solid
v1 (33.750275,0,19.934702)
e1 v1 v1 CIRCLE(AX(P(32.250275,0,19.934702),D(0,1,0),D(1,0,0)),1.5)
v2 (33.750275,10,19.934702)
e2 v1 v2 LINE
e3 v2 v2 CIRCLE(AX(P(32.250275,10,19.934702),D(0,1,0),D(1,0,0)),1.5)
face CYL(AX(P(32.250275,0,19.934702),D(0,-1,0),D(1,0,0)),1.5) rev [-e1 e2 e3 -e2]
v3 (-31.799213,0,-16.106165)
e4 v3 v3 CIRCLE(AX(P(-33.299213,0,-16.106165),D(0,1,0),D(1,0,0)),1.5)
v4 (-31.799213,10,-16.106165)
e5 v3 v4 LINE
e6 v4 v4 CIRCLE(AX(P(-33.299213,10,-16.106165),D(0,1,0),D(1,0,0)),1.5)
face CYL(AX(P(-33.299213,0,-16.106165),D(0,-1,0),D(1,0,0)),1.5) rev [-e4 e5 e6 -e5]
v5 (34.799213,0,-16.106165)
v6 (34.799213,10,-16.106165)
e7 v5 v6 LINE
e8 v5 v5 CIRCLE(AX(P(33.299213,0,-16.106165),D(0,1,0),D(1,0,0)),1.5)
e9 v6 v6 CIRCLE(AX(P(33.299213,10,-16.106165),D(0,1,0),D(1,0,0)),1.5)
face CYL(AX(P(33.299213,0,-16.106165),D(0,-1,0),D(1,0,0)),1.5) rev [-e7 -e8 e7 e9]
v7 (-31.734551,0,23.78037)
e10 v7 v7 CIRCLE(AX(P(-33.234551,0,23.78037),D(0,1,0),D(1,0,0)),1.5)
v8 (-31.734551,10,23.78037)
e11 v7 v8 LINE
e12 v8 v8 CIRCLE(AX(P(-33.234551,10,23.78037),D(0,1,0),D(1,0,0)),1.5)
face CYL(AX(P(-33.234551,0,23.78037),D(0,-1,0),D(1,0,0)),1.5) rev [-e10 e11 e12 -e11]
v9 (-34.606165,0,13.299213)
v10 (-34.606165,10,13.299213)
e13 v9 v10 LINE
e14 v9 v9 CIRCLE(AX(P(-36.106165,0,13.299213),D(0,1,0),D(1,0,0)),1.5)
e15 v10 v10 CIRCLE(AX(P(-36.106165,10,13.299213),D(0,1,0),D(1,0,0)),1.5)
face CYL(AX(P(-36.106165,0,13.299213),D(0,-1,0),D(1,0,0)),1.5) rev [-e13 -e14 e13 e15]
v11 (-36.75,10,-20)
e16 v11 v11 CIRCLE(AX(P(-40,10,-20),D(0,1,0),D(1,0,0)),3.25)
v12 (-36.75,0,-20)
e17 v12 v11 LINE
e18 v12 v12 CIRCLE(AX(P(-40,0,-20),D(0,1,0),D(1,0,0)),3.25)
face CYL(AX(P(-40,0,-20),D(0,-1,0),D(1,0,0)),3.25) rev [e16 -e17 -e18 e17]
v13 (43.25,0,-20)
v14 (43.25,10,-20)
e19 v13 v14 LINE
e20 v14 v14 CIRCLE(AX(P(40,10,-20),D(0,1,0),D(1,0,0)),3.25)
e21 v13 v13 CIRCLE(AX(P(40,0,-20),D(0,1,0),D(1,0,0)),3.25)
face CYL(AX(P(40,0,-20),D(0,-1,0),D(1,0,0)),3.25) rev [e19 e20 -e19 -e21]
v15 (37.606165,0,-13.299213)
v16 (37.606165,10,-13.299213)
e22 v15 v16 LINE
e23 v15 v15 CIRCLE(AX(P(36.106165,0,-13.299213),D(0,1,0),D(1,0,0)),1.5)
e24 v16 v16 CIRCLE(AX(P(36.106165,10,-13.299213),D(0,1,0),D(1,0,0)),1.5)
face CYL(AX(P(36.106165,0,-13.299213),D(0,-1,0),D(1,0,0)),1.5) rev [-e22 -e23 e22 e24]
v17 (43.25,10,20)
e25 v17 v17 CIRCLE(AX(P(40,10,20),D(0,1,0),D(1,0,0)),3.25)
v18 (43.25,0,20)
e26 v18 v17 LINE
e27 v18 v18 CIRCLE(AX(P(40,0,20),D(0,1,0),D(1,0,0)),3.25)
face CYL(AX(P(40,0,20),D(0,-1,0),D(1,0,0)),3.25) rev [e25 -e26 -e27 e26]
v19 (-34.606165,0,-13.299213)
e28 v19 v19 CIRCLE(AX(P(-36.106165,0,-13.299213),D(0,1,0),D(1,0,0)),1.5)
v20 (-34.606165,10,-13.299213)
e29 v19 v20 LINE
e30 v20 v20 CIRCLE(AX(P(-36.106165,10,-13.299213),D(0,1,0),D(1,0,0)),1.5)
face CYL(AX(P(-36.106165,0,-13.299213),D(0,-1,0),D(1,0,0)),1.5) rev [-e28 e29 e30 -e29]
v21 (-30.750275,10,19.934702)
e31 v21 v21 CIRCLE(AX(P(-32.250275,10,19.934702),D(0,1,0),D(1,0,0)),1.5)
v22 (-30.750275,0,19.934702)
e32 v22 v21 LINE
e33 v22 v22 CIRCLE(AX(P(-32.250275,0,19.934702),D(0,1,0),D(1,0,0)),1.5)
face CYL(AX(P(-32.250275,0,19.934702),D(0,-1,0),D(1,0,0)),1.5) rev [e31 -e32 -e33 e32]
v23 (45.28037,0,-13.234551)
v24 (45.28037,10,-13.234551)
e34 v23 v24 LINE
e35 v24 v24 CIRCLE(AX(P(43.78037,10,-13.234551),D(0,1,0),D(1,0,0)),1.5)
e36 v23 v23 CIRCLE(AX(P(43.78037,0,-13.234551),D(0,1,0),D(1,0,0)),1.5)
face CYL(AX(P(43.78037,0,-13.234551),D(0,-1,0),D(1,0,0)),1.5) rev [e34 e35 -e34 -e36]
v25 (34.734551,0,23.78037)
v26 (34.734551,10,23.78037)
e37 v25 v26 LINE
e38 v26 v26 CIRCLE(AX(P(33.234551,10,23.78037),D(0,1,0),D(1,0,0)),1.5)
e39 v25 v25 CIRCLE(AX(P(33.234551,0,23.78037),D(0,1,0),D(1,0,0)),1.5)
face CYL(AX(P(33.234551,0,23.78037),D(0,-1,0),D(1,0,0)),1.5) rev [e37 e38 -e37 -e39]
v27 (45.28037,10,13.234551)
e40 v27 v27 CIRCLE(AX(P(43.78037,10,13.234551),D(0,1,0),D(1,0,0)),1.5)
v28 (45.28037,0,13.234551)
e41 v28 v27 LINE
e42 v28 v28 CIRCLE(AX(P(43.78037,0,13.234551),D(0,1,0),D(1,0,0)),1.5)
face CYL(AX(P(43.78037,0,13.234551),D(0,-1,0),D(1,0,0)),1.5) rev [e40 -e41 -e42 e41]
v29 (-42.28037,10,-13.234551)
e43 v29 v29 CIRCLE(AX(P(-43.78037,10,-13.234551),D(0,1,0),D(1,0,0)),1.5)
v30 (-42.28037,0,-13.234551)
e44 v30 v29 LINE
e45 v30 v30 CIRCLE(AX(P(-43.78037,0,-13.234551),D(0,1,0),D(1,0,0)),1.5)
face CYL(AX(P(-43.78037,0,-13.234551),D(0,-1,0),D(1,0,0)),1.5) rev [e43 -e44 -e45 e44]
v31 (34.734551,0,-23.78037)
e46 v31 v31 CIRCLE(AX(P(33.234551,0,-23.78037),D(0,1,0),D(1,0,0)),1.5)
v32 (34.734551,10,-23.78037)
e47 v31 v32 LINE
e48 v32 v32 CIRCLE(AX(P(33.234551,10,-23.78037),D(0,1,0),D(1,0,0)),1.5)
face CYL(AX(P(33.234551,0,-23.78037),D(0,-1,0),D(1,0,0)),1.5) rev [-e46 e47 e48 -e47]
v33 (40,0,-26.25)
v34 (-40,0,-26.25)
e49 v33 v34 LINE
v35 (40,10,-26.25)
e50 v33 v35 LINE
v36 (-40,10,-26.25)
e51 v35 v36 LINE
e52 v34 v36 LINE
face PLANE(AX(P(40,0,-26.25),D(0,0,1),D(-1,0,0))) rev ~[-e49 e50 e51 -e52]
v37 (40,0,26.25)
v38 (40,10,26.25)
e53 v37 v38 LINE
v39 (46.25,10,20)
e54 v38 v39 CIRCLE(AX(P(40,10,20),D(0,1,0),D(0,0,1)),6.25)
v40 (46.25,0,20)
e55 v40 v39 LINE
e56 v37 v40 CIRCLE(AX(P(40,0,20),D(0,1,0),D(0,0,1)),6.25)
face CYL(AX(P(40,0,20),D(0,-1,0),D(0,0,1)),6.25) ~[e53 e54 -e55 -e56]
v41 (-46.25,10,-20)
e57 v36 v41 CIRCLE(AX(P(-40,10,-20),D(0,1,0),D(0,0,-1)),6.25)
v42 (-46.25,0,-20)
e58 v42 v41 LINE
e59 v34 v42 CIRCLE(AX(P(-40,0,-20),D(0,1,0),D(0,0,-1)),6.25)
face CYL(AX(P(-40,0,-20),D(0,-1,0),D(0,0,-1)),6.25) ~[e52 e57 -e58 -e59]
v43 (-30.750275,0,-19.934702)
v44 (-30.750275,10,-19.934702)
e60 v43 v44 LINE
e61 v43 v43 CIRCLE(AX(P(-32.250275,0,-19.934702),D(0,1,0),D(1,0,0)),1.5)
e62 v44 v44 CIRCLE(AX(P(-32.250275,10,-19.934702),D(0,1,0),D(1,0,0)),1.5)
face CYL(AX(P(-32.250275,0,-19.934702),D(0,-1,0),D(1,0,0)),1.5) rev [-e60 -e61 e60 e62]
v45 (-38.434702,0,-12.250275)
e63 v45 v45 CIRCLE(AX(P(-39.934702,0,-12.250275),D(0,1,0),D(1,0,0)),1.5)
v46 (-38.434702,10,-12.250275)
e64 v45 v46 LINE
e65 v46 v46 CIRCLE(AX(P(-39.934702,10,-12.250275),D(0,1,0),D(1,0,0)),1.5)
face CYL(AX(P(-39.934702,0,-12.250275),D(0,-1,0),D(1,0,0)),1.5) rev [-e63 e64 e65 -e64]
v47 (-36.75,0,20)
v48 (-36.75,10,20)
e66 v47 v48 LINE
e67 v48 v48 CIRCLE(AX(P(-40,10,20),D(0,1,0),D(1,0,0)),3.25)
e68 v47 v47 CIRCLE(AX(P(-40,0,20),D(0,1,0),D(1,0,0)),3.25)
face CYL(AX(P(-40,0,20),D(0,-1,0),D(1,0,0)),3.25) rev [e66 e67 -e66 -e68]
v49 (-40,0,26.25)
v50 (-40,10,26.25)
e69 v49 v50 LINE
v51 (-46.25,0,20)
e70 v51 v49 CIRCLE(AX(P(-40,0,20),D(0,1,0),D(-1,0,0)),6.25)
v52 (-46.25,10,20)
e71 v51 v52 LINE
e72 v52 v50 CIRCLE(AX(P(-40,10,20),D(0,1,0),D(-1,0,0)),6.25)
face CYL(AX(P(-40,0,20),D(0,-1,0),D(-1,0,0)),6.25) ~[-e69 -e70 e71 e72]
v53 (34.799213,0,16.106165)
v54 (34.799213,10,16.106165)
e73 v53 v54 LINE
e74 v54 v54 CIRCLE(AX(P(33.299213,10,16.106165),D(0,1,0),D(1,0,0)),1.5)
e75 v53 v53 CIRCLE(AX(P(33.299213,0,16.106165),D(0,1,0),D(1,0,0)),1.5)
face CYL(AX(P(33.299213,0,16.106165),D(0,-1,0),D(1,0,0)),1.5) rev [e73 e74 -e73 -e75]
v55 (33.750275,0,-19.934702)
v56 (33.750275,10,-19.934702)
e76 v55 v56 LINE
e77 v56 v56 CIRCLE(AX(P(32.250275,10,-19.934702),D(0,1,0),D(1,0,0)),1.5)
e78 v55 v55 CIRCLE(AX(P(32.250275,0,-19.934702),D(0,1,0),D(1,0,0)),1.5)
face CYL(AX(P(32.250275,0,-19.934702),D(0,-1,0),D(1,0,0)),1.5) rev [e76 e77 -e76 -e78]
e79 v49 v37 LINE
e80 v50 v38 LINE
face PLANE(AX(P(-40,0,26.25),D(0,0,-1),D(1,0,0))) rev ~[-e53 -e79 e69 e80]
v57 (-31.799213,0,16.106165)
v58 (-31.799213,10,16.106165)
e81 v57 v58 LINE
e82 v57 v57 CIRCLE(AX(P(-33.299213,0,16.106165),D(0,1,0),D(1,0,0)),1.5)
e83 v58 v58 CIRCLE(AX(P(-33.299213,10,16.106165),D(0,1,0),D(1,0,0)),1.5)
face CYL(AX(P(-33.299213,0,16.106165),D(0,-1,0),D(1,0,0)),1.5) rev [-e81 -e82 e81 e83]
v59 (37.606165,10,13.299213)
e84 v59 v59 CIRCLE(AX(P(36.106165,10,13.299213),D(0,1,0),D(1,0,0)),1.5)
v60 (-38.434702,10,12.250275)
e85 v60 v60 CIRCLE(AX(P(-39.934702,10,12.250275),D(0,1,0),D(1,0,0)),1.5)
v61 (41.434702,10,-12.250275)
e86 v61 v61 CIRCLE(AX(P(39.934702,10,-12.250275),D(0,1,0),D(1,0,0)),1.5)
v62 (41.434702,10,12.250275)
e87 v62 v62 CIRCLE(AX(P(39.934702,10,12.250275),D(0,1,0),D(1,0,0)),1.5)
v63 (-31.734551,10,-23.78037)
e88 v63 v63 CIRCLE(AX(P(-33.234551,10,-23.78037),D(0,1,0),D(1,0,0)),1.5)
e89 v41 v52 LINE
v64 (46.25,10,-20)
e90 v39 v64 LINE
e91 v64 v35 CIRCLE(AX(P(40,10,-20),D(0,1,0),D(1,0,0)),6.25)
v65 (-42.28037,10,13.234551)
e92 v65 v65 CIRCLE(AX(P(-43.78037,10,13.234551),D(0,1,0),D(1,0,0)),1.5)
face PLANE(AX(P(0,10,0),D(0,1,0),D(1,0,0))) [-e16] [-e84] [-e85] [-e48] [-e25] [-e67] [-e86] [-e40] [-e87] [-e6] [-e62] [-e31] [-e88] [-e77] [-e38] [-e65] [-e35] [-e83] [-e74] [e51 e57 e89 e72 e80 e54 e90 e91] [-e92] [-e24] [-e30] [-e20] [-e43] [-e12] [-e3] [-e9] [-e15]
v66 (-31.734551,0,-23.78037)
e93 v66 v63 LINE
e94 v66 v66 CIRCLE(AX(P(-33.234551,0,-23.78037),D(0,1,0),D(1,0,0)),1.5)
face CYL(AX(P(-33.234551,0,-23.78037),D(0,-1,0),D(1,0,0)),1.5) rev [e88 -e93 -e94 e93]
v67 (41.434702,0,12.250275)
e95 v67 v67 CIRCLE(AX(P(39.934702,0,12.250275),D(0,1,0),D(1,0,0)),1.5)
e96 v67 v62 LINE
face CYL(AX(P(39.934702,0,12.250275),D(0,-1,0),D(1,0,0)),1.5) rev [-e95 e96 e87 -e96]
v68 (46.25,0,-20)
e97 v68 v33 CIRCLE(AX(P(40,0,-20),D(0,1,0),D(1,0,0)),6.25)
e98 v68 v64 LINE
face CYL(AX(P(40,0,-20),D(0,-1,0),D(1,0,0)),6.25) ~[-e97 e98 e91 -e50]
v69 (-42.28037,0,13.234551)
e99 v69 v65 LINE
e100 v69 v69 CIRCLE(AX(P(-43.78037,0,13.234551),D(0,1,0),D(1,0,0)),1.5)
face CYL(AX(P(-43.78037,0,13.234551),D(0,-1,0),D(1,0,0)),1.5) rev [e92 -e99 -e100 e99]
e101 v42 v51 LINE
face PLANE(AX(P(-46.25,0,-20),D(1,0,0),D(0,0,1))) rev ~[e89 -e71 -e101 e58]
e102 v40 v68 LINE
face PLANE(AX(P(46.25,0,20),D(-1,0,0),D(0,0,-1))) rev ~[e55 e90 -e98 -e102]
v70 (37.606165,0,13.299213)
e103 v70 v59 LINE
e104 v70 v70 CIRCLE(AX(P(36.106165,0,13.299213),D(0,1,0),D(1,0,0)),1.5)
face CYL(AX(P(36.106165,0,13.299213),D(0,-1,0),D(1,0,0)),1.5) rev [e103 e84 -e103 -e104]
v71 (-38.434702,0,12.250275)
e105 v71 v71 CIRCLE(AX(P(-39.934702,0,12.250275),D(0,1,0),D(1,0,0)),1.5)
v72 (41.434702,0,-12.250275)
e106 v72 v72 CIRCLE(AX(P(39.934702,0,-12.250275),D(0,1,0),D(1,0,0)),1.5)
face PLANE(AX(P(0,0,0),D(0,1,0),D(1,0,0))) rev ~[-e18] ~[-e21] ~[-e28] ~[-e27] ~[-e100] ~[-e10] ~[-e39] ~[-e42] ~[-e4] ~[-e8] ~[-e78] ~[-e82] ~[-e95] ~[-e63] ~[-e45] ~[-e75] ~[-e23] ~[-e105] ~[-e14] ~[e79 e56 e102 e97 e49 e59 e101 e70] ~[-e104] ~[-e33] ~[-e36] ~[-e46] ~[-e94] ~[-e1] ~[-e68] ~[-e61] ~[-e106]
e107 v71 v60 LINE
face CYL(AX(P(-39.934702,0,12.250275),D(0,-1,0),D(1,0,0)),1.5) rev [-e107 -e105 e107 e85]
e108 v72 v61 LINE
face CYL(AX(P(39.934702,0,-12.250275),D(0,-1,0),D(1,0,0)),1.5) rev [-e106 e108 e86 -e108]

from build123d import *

# Parameters (mm, degrees)
SKETCH1_R           = 3.25
SKETCH1_R_2         = 1.5
BOSS_EXTRUDE1_DEPTH = 10


with BuildPart() as part:
    # Sketch1 → Boss-Extrude1 (new body)
    with BuildSketch(Plane(origin=(0, 0, 0), x_dir=(1, 0, 0), z_dir=(0, 1, 0))):
        with BuildLine():
            Line((-40, -26.25), (40, -26.25))
            ThreePointArc((40, -26.25), (44.419417382, -24.419417382), (46.25, -20))
            Line((46.25, -20), (46.25, 20))
            ThreePointArc((46.25, 20), (44.419417382, 24.419417382), (40, 26.25))
            Line((40, 26.25), (-40, 26.25))
            ThreePointArc((-40, 26.25), (-44.419417382, 24.419417382), (-46.25, 20))
            Line((-46.25, 20), (-46.25, -20))
            ThreePointArc((-46.25, -20), (-44.419417382, -24.419417382), (-40, -26.25))
        make_face()
        with Locations((-40, 20)):
            Circle(SKETCH1_R, mode=Mode.SUBTRACT)
        with Locations((-40, -20)):
            Circle(SKETCH1_R, mode=Mode.SUBTRACT)
        with Locations((40, -20)):
            Circle(SKETCH1_R, mode=Mode.SUBTRACT)
        with Locations((40, 20)):
            Circle(SKETCH1_R, mode=Mode.SUBTRACT)
        with Locations((-43.78036994, 13.234550782)):
            Circle(SKETCH1_R_2, mode=Mode.SUBTRACT)
        with Locations((-39.934701703, 12.250275093)):
            Circle(SKETCH1_R_2, mode=Mode.SUBTRACT)
        with Locations((-36.10616509, 13.299212756)):
            Circle(SKETCH1_R_2, mode=Mode.SUBTRACT)
        with Locations((-33.299212756, 16.10616509)):
            Circle(SKETCH1_R_2, mode=Mode.SUBTRACT)
        with Locations((-32.250275093, 19.934701703)):
            Circle(SKETCH1_R_2, mode=Mode.SUBTRACT)
        with Locations((-33.234550782, 23.78036994)):
            Circle(SKETCH1_R_2, mode=Mode.SUBTRACT)
        with Locations((-33.234550782, -23.78036994)):
            Circle(SKETCH1_R_2, mode=Mode.SUBTRACT)
        with Locations((-32.250275093, -19.934701703)):
            Circle(SKETCH1_R_2, mode=Mode.SUBTRACT)
        with Locations((-33.299212756, -16.10616509)):
            Circle(SKETCH1_R_2, mode=Mode.SUBTRACT)
        with Locations((-36.10616509, -13.299212756)):
            Circle(SKETCH1_R_2, mode=Mode.SUBTRACT)
        with Locations((-39.934701703, -12.250275093)):
            Circle(SKETCH1_R_2, mode=Mode.SUBTRACT)
        with Locations((-43.78036994, -13.234550782)):
            Circle(SKETCH1_R_2, mode=Mode.SUBTRACT)
        with Locations((33.234550782, 23.78036994)):
            Circle(SKETCH1_R_2, mode=Mode.SUBTRACT)
        with Locations((32.250275093, 19.934701703)):
            Circle(SKETCH1_R_2, mode=Mode.SUBTRACT)
        with Locations((33.299212756, 16.10616509)):
            Circle(SKETCH1_R_2, mode=Mode.SUBTRACT)
        with Locations((39.934701703, 12.250275093)):
            Circle(SKETCH1_R_2, mode=Mode.SUBTRACT)
        with Locations((43.78036994, 13.234550782)):
            Circle(SKETCH1_R_2, mode=Mode.SUBTRACT)
        with Locations((36.10616509, 13.299212756)):
            Circle(SKETCH1_R_2, mode=Mode.SUBTRACT)
        with Locations((33.234550782, -23.78036994)):
            Circle(SKETCH1_R_2, mode=Mode.SUBTRACT)
        with Locations((32.250275093, -19.934701703)):
            Circle(SKETCH1_R_2, mode=Mode.SUBTRACT)
        with Locations((33.299212756, -16.10616509)):
            Circle(SKETCH1_R_2, mode=Mode.SUBTRACT)
        with Locations((36.10616509, -13.299212756)):
            Circle(SKETCH1_R_2, mode=Mode.SUBTRACT)
        with Locations((39.934701703, -12.250275093)):
            Circle(SKETCH1_R_2, mode=Mode.SUBTRACT)
        with Locations((43.78036994, -13.234550782)):
            Circle(SKETCH1_R_2, mode=Mode.SUBTRACT)
    extrude(amount=BOSS_EXTRUDE1_DEPTH)


solid = part.part
